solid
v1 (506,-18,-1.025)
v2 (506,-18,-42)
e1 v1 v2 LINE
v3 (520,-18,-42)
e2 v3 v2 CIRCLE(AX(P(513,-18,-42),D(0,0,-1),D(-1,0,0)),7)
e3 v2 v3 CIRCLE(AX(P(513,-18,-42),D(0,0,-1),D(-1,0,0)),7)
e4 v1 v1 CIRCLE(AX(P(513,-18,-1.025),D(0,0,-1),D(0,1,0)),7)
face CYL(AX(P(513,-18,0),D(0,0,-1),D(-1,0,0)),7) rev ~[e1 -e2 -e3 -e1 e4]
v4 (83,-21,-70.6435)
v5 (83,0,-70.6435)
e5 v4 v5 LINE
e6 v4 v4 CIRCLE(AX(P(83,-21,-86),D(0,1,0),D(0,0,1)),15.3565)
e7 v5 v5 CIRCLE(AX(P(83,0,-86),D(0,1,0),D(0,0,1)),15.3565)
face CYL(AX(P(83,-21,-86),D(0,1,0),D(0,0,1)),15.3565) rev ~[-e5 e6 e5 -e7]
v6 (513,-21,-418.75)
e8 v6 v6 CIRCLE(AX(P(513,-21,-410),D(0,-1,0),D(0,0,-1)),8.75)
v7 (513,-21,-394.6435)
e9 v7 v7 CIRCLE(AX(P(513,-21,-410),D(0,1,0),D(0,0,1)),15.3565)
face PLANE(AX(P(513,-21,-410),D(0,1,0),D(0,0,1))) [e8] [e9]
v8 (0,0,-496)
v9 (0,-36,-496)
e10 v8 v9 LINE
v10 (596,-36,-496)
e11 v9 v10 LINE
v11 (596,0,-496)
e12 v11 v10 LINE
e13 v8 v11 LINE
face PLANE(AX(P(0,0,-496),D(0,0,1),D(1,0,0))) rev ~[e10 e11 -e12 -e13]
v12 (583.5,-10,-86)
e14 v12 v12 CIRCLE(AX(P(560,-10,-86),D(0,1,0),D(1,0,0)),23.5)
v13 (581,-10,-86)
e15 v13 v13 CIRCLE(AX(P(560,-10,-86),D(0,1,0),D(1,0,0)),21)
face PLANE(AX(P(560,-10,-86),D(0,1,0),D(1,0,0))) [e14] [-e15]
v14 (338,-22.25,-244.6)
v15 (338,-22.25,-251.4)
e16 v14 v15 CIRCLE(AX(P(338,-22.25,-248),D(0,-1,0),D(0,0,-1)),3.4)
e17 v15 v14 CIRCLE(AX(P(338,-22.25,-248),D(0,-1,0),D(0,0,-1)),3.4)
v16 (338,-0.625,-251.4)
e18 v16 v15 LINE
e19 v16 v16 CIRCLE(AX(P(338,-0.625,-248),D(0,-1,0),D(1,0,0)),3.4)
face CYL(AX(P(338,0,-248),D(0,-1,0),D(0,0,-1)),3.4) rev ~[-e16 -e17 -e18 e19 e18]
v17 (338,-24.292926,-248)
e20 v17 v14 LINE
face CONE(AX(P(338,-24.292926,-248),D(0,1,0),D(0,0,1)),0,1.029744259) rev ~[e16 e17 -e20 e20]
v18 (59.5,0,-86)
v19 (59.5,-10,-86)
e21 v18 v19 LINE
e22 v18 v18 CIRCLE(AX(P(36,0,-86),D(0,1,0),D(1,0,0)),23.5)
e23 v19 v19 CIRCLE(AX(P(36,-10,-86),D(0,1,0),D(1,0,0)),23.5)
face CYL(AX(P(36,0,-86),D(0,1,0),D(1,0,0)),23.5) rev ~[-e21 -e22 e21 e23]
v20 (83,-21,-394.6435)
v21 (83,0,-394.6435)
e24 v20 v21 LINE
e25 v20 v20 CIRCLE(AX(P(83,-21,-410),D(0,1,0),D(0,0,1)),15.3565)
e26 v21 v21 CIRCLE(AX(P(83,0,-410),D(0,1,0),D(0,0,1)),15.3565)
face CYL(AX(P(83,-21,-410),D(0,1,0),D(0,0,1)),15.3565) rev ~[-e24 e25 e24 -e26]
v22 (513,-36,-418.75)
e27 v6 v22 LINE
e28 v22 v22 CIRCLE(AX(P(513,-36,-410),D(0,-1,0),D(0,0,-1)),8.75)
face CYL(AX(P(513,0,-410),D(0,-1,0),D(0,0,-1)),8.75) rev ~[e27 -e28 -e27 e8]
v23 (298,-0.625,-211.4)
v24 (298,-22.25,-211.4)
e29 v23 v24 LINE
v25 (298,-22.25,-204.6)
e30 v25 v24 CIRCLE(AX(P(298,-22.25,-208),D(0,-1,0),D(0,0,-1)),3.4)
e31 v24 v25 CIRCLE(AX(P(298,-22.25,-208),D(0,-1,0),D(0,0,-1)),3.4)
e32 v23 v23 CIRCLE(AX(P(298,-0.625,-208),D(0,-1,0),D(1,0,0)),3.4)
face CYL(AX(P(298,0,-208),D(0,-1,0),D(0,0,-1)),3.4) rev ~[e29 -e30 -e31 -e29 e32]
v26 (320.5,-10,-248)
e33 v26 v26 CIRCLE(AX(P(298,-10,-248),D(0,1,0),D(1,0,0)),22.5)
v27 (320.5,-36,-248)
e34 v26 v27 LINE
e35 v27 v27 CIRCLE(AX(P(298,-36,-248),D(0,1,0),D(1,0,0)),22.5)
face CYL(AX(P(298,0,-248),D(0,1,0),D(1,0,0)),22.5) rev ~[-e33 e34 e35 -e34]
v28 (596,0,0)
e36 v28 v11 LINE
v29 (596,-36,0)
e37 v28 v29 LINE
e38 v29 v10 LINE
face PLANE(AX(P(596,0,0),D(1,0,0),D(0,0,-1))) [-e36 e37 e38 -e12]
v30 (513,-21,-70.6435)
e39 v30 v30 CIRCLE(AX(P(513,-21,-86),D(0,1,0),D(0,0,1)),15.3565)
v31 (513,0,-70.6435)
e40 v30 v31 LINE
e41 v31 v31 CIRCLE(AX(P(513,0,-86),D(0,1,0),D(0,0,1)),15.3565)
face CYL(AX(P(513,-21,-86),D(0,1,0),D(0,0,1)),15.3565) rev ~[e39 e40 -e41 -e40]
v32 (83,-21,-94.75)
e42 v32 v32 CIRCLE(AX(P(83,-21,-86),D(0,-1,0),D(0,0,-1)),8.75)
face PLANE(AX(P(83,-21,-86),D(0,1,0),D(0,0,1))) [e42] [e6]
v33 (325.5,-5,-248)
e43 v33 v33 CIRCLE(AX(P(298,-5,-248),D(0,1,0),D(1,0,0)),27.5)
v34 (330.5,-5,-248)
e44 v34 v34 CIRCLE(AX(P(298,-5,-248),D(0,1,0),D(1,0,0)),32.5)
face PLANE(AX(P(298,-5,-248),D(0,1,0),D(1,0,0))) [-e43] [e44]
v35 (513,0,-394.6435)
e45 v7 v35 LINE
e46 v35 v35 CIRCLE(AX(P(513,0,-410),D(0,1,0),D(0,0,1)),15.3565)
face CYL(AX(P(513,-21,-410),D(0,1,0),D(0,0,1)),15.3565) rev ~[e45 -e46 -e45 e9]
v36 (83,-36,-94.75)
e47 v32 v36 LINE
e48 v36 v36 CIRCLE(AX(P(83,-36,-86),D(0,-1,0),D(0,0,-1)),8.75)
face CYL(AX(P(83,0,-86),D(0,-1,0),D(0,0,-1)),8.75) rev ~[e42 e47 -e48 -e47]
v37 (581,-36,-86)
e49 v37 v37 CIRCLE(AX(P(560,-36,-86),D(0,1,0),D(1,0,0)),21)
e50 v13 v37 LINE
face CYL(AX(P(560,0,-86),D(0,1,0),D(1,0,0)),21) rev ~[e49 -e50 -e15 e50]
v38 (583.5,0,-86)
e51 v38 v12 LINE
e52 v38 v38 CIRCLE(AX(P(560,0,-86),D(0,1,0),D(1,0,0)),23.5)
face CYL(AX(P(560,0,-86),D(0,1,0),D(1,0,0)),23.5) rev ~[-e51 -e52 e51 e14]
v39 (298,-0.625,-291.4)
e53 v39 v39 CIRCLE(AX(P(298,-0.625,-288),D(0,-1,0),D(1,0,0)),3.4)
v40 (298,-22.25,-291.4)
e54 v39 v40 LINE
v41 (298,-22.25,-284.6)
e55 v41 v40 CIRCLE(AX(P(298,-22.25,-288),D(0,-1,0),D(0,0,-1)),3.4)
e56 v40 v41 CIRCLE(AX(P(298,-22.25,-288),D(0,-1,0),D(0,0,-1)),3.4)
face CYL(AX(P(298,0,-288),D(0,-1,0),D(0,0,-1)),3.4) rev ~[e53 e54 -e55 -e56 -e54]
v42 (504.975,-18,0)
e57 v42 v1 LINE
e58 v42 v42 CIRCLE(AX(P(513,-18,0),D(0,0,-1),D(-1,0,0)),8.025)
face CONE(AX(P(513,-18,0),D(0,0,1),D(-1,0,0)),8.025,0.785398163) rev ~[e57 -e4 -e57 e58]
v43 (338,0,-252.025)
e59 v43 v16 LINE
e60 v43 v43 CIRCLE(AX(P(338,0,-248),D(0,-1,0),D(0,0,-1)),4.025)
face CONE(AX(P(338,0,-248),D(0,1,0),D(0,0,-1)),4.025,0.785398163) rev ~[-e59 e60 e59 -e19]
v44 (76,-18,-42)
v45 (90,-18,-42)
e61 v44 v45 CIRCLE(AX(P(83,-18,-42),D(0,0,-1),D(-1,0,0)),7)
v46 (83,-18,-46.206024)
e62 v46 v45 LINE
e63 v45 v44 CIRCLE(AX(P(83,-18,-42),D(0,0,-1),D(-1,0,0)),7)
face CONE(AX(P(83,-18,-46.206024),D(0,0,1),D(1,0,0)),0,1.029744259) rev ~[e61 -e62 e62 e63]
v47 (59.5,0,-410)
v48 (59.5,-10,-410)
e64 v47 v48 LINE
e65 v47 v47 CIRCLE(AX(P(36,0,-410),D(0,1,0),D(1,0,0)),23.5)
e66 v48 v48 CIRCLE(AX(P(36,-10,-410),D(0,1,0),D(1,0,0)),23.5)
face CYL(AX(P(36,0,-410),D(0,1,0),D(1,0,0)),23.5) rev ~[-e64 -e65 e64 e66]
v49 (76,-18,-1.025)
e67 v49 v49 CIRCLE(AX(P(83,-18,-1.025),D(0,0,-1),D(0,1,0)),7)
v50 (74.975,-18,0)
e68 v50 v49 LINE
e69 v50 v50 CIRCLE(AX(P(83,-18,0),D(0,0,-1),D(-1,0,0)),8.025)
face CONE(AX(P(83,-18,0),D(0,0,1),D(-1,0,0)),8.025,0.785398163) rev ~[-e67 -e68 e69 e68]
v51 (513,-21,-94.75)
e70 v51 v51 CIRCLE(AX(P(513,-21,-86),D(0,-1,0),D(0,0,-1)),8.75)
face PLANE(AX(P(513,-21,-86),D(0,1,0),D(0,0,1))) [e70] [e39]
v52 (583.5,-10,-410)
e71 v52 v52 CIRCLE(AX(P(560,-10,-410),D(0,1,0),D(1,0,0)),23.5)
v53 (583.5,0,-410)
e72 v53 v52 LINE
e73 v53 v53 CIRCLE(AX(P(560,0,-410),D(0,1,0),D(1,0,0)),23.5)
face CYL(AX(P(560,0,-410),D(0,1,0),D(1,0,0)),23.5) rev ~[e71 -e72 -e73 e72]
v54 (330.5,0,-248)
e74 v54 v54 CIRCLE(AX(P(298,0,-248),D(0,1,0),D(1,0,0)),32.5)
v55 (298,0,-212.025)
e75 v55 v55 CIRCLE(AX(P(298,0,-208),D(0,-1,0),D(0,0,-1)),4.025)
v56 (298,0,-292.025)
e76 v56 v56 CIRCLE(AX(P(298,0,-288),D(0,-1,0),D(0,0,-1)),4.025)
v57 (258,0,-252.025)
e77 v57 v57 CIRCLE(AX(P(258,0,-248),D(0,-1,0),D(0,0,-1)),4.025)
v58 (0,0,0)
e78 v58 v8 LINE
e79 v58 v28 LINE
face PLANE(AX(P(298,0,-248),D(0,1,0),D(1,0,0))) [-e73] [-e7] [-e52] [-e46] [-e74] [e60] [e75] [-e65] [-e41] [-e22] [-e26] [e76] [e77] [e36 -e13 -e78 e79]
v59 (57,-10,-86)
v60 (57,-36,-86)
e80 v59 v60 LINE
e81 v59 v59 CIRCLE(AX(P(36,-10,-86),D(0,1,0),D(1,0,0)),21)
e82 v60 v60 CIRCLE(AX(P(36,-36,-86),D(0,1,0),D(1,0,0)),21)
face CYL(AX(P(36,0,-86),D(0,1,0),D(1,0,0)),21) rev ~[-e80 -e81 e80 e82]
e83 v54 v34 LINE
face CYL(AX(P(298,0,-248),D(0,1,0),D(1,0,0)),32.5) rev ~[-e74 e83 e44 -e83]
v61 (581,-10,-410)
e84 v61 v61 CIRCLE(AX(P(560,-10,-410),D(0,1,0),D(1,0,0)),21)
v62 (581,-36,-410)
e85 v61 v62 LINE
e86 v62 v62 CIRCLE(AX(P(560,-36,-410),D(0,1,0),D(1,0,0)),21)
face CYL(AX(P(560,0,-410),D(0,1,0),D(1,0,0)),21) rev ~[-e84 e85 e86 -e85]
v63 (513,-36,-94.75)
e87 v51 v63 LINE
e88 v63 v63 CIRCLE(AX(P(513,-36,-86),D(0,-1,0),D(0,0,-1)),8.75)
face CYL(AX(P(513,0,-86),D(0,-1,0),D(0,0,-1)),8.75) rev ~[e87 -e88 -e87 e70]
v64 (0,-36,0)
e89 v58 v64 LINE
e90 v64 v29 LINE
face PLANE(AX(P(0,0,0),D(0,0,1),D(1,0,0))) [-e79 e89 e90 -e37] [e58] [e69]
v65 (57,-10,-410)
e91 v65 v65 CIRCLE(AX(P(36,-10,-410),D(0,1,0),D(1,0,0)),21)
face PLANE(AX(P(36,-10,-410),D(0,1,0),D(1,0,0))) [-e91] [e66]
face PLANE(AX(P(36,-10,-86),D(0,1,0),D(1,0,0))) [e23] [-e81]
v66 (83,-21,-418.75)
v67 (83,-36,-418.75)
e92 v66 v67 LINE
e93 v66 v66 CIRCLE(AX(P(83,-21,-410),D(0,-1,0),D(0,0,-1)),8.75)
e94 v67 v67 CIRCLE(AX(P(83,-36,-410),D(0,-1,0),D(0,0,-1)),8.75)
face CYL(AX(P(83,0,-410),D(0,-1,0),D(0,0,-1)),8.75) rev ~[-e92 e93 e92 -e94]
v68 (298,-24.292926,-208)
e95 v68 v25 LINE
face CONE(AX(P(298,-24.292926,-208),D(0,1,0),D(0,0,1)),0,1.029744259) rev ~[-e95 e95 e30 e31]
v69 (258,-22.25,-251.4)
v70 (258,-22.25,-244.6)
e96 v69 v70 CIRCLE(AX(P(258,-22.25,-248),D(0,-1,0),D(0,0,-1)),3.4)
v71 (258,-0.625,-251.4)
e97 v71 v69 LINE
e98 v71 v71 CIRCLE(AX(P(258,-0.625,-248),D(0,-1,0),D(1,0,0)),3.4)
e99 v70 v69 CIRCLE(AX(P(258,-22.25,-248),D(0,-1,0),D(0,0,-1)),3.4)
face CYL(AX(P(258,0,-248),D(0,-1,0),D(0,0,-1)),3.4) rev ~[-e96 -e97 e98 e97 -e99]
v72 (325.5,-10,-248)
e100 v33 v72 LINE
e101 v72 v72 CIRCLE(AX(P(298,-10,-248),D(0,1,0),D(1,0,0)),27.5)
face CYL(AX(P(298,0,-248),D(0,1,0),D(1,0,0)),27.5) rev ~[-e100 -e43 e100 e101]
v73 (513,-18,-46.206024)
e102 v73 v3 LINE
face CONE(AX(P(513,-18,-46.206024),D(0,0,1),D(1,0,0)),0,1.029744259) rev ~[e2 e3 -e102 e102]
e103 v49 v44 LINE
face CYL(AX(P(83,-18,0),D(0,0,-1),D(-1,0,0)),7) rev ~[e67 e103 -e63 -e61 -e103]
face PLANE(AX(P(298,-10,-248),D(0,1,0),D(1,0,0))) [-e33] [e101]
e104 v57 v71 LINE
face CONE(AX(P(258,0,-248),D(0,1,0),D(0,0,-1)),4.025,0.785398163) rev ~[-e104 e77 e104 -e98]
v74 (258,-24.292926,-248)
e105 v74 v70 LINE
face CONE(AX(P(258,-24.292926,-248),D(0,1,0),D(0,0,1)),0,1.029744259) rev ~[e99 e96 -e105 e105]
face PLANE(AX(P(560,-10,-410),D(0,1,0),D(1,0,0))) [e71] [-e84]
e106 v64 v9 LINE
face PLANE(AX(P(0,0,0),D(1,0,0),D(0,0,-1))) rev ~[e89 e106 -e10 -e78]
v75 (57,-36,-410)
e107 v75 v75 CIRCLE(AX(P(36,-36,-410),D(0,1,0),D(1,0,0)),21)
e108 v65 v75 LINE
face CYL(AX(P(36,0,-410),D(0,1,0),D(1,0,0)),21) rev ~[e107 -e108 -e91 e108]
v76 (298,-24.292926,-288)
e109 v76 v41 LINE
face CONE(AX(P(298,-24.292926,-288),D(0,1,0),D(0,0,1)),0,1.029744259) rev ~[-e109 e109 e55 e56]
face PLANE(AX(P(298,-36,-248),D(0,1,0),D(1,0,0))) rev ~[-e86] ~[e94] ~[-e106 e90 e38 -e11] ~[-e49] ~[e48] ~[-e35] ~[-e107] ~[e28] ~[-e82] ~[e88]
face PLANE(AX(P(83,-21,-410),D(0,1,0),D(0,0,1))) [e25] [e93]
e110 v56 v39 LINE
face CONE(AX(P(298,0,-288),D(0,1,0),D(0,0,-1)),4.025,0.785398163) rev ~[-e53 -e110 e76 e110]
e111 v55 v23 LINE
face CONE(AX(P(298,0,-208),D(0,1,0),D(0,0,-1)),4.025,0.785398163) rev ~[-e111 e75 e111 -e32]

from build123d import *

# Parameters (mm, degrees)
SZKIC1_W                                           = 596
SZKIC1_H                                           = 496
SZKIC1_R                                           = 21
DODANIE_WYCI_GNI_CIE1_DEPTH                        = 36
POG_BIENIE_WALCOWE_POD_M16_WKR_T_Z_BEM_D           = 17.5
POG_BIENIE_WALCOWE_POD_M16_WKR_T_Z_BEM_CBORE_D     = 30.713
POG_BIENIE_WALCOWE_POD_M16_WKR_T_Z_BEM_CBORE_DEPTH = 21
SZKIC8_R                                           = 23.5
WYTNIJ_WYCI_GNI_CIE1_DEPTH                         = 10
SZKIC10_R                                          = 22.5
WYTNIJ_WYCI_GNI_CIE3_DEPTH                         = 777.226770989
SZKIC10_3_R                                        = 27.5
SZKIC10_3_R_2                                      = 22.5
WYTNIJ_WYCI_GNI_CIE4_DEPTH                         = 10
SZKIC10_4_R                                        = 32.5
SZKIC10_4_R_2                                      = 27.5
WYTNIJ_WYCI_GNI_CIE5_DEPTH                         = 5
OTW_R_GWINTOWANY_M161_D                            = 14
OTW_R_GWINTOWANY_M161_DEPTH                        = 42
OTW_R_GWINTOWANY_M161_CSINK_D                      = 16.05
OTW_R_GWINTOWANY_M161_CSINK_ANGLE                  = 90
OTW_R_GWINTOWANY_M161_TIP                          = 4.206024333
OTW_R_GWINTOWANY_M81_D                             = 6.8
OTW_R_GWINTOWANY_M81_DEPTH                         = 22.25
OTW_R_GWINTOWANY_M81_CSINK_D                       = 8.05
OTW_R_GWINTOWANY_M81_CSINK_ANGLE                   = 90
OTW_R_GWINTOWANY_M81_TIP                           = 2.042926105


with BuildPart() as part:
    # Szkic1 → Dodanie-wyciągnięcie1 (new body)
    with BuildSketch(Plane(origin=(0, 0, 0), x_dir=(1, 0, 0), z_dir=(0, 1, 0))):
        with Locations((298, 248)):
            Rectangle(SZKIC1_W, SZKIC1_H)
        with Locations((36, 86)):
            Circle(SZKIC1_R, mode=Mode.SUBTRACT)
        with Locations((560, 86)):
            Circle(SZKIC1_R, mode=Mode.SUBTRACT)
        with Locations((36, 410)):
            Circle(SZKIC1_R, mode=Mode.SUBTRACT)
        with Locations((560, 410)):
            Circle(SZKIC1_R, mode=Mode.SUBTRACT)
    extrude(amount=-DODANIE_WYCI_GNI_CIE1_DEPTH)

    # Pogłębienie walcowe pod M16 Wkręt z łbem sześciokątnym z gniazdem2 (through all)
    with Locations(Plane(origin=(83, 0, -410), x_dir=(0, 0, 1), z_dir=(0, 1, 0))):
        with Locations((0, 0), (0, 430), (324, 430), (324, 0)):
            CounterBoreHole(POG_BIENIE_WALCOWE_POD_M16_WKR_T_Z_BEM_D / 2, POG_BIENIE_WALCOWE_POD_M16_WKR_T_Z_BEM_CBORE_D / 2, POG_BIENIE_WALCOWE_POD_M16_WKR_T_Z_BEM_CBORE_DEPTH)

    # Szkic8 → Wytnij-wyciągnięcie1 (cut)
    with BuildSketch(Plane(origin=(0, 0, 0), x_dir=(1, 0, 0), z_dir=(0, 1, 0))):
        with Locations((36, 410)):
            Circle(SZKIC8_R)
        with Locations((560, 410)):
            Circle(SZKIC8_R)
        with Locations((560, 86)):
            Circle(SZKIC8_R)
        with Locations((36, 86)):
            Circle(SZKIC8_R)
    extrude(amount=-WYTNIJ_WYCI_GNI_CIE1_DEPTH, mode=Mode.SUBTRACT)

    # Szkic10 → Wytnij-wyciągnięcie3 (cut, through all)
    with BuildSketch(Plane(origin=(0, 0, 0), x_dir=(1, 0, 0), z_dir=(0, 1, 0))):
        with Locations((298, 248)):
            Circle(SZKIC10_R)
    extrude(amount=-WYTNIJ_WYCI_GNI_CIE3_DEPTH, mode=Mode.SUBTRACT)

    # Szkic10<3> → Wytnij-wyciągnięcie4 (cut)
    with BuildSketch(Plane(origin=(0, 0, 0), x_dir=(1, 0, 0), z_dir=(0, 1, 0))):
        with Locations((298, 248)):
            Circle(SZKIC10_3_R)
        with Locations((298, 248)):
            Circle(SZKIC10_3_R_2, mode=Mode.SUBTRACT)
    extrude(amount=-WYTNIJ_WYCI_GNI_CIE4_DEPTH, mode=Mode.SUBTRACT)

    # Szkic10<4> → Wytnij-wyciągnięcie5 (cut)
    with BuildSketch(Plane(origin=(0, 0, 0), x_dir=(1, 0, 0), z_dir=(0, 1, 0))):
        with Locations((298, 248)):
            Circle(SZKIC10_4_R)
        with Locations((298, 248)):
            Circle(SZKIC10_4_R_2, mode=Mode.SUBTRACT)
    extrude(amount=-WYTNIJ_WYCI_GNI_CIE5_DEPTH, mode=Mode.SUBTRACT)

    # Otwór gwintowany M161
    with Locations(Plane(origin=(513, -18, 0), x_dir=(1, 0, 0), z_dir=(0, 0, 1))):
        with Locations((0, 0), (-430, 0)):
            CounterSinkHole(OTW_R_GWINTOWANY_M161_D / 2, OTW_R_GWINTOWANY_M161_CSINK_D / 2, depth=OTW_R_GWINTOWANY_M161_DEPTH, counter_sink_angle=OTW_R_GWINTOWANY_M161_CSINK_ANGLE)
            with Locations((0, 0, -(OTW_R_GWINTOWANY_M161_DEPTH + OTW_R_GWINTOWANY_M161_TIP / 2))):  # 118° drill point
                Cone(0, OTW_R_GWINTOWANY_M161_D / 2, OTW_R_GWINTOWANY_M161_TIP, mode=Mode.SUBTRACT)

    # Otwór gwintowany M81
    with Locations(Plane(origin=(258, 0, -248), x_dir=(0, 0, 1), z_dir=(0, 1, 0))):
        with Locations((0, 0), (-40, 40), (0, 80), (40, 40)):
            CounterSinkHole(OTW_R_GWINTOWANY_M81_D / 2, OTW_R_GWINTOWANY_M81_CSINK_D / 2, depth=OTW_R_GWINTOWANY_M81_DEPTH, counter_sink_angle=OTW_R_GWINTOWANY_M81_CSINK_ANGLE)
            with Locations((0, 0, -(OTW_R_GWINTOWANY_M81_DEPTH + OTW_R_GWINTOWANY_M81_TIP / 2))):  # 118° drill point
                Cone(0, OTW_R_GWINTOWANY_M81_D / 2, OTW_R_GWINTOWANY_M81_TIP, mode=Mode.SUBTRACT)


solid = part.part
